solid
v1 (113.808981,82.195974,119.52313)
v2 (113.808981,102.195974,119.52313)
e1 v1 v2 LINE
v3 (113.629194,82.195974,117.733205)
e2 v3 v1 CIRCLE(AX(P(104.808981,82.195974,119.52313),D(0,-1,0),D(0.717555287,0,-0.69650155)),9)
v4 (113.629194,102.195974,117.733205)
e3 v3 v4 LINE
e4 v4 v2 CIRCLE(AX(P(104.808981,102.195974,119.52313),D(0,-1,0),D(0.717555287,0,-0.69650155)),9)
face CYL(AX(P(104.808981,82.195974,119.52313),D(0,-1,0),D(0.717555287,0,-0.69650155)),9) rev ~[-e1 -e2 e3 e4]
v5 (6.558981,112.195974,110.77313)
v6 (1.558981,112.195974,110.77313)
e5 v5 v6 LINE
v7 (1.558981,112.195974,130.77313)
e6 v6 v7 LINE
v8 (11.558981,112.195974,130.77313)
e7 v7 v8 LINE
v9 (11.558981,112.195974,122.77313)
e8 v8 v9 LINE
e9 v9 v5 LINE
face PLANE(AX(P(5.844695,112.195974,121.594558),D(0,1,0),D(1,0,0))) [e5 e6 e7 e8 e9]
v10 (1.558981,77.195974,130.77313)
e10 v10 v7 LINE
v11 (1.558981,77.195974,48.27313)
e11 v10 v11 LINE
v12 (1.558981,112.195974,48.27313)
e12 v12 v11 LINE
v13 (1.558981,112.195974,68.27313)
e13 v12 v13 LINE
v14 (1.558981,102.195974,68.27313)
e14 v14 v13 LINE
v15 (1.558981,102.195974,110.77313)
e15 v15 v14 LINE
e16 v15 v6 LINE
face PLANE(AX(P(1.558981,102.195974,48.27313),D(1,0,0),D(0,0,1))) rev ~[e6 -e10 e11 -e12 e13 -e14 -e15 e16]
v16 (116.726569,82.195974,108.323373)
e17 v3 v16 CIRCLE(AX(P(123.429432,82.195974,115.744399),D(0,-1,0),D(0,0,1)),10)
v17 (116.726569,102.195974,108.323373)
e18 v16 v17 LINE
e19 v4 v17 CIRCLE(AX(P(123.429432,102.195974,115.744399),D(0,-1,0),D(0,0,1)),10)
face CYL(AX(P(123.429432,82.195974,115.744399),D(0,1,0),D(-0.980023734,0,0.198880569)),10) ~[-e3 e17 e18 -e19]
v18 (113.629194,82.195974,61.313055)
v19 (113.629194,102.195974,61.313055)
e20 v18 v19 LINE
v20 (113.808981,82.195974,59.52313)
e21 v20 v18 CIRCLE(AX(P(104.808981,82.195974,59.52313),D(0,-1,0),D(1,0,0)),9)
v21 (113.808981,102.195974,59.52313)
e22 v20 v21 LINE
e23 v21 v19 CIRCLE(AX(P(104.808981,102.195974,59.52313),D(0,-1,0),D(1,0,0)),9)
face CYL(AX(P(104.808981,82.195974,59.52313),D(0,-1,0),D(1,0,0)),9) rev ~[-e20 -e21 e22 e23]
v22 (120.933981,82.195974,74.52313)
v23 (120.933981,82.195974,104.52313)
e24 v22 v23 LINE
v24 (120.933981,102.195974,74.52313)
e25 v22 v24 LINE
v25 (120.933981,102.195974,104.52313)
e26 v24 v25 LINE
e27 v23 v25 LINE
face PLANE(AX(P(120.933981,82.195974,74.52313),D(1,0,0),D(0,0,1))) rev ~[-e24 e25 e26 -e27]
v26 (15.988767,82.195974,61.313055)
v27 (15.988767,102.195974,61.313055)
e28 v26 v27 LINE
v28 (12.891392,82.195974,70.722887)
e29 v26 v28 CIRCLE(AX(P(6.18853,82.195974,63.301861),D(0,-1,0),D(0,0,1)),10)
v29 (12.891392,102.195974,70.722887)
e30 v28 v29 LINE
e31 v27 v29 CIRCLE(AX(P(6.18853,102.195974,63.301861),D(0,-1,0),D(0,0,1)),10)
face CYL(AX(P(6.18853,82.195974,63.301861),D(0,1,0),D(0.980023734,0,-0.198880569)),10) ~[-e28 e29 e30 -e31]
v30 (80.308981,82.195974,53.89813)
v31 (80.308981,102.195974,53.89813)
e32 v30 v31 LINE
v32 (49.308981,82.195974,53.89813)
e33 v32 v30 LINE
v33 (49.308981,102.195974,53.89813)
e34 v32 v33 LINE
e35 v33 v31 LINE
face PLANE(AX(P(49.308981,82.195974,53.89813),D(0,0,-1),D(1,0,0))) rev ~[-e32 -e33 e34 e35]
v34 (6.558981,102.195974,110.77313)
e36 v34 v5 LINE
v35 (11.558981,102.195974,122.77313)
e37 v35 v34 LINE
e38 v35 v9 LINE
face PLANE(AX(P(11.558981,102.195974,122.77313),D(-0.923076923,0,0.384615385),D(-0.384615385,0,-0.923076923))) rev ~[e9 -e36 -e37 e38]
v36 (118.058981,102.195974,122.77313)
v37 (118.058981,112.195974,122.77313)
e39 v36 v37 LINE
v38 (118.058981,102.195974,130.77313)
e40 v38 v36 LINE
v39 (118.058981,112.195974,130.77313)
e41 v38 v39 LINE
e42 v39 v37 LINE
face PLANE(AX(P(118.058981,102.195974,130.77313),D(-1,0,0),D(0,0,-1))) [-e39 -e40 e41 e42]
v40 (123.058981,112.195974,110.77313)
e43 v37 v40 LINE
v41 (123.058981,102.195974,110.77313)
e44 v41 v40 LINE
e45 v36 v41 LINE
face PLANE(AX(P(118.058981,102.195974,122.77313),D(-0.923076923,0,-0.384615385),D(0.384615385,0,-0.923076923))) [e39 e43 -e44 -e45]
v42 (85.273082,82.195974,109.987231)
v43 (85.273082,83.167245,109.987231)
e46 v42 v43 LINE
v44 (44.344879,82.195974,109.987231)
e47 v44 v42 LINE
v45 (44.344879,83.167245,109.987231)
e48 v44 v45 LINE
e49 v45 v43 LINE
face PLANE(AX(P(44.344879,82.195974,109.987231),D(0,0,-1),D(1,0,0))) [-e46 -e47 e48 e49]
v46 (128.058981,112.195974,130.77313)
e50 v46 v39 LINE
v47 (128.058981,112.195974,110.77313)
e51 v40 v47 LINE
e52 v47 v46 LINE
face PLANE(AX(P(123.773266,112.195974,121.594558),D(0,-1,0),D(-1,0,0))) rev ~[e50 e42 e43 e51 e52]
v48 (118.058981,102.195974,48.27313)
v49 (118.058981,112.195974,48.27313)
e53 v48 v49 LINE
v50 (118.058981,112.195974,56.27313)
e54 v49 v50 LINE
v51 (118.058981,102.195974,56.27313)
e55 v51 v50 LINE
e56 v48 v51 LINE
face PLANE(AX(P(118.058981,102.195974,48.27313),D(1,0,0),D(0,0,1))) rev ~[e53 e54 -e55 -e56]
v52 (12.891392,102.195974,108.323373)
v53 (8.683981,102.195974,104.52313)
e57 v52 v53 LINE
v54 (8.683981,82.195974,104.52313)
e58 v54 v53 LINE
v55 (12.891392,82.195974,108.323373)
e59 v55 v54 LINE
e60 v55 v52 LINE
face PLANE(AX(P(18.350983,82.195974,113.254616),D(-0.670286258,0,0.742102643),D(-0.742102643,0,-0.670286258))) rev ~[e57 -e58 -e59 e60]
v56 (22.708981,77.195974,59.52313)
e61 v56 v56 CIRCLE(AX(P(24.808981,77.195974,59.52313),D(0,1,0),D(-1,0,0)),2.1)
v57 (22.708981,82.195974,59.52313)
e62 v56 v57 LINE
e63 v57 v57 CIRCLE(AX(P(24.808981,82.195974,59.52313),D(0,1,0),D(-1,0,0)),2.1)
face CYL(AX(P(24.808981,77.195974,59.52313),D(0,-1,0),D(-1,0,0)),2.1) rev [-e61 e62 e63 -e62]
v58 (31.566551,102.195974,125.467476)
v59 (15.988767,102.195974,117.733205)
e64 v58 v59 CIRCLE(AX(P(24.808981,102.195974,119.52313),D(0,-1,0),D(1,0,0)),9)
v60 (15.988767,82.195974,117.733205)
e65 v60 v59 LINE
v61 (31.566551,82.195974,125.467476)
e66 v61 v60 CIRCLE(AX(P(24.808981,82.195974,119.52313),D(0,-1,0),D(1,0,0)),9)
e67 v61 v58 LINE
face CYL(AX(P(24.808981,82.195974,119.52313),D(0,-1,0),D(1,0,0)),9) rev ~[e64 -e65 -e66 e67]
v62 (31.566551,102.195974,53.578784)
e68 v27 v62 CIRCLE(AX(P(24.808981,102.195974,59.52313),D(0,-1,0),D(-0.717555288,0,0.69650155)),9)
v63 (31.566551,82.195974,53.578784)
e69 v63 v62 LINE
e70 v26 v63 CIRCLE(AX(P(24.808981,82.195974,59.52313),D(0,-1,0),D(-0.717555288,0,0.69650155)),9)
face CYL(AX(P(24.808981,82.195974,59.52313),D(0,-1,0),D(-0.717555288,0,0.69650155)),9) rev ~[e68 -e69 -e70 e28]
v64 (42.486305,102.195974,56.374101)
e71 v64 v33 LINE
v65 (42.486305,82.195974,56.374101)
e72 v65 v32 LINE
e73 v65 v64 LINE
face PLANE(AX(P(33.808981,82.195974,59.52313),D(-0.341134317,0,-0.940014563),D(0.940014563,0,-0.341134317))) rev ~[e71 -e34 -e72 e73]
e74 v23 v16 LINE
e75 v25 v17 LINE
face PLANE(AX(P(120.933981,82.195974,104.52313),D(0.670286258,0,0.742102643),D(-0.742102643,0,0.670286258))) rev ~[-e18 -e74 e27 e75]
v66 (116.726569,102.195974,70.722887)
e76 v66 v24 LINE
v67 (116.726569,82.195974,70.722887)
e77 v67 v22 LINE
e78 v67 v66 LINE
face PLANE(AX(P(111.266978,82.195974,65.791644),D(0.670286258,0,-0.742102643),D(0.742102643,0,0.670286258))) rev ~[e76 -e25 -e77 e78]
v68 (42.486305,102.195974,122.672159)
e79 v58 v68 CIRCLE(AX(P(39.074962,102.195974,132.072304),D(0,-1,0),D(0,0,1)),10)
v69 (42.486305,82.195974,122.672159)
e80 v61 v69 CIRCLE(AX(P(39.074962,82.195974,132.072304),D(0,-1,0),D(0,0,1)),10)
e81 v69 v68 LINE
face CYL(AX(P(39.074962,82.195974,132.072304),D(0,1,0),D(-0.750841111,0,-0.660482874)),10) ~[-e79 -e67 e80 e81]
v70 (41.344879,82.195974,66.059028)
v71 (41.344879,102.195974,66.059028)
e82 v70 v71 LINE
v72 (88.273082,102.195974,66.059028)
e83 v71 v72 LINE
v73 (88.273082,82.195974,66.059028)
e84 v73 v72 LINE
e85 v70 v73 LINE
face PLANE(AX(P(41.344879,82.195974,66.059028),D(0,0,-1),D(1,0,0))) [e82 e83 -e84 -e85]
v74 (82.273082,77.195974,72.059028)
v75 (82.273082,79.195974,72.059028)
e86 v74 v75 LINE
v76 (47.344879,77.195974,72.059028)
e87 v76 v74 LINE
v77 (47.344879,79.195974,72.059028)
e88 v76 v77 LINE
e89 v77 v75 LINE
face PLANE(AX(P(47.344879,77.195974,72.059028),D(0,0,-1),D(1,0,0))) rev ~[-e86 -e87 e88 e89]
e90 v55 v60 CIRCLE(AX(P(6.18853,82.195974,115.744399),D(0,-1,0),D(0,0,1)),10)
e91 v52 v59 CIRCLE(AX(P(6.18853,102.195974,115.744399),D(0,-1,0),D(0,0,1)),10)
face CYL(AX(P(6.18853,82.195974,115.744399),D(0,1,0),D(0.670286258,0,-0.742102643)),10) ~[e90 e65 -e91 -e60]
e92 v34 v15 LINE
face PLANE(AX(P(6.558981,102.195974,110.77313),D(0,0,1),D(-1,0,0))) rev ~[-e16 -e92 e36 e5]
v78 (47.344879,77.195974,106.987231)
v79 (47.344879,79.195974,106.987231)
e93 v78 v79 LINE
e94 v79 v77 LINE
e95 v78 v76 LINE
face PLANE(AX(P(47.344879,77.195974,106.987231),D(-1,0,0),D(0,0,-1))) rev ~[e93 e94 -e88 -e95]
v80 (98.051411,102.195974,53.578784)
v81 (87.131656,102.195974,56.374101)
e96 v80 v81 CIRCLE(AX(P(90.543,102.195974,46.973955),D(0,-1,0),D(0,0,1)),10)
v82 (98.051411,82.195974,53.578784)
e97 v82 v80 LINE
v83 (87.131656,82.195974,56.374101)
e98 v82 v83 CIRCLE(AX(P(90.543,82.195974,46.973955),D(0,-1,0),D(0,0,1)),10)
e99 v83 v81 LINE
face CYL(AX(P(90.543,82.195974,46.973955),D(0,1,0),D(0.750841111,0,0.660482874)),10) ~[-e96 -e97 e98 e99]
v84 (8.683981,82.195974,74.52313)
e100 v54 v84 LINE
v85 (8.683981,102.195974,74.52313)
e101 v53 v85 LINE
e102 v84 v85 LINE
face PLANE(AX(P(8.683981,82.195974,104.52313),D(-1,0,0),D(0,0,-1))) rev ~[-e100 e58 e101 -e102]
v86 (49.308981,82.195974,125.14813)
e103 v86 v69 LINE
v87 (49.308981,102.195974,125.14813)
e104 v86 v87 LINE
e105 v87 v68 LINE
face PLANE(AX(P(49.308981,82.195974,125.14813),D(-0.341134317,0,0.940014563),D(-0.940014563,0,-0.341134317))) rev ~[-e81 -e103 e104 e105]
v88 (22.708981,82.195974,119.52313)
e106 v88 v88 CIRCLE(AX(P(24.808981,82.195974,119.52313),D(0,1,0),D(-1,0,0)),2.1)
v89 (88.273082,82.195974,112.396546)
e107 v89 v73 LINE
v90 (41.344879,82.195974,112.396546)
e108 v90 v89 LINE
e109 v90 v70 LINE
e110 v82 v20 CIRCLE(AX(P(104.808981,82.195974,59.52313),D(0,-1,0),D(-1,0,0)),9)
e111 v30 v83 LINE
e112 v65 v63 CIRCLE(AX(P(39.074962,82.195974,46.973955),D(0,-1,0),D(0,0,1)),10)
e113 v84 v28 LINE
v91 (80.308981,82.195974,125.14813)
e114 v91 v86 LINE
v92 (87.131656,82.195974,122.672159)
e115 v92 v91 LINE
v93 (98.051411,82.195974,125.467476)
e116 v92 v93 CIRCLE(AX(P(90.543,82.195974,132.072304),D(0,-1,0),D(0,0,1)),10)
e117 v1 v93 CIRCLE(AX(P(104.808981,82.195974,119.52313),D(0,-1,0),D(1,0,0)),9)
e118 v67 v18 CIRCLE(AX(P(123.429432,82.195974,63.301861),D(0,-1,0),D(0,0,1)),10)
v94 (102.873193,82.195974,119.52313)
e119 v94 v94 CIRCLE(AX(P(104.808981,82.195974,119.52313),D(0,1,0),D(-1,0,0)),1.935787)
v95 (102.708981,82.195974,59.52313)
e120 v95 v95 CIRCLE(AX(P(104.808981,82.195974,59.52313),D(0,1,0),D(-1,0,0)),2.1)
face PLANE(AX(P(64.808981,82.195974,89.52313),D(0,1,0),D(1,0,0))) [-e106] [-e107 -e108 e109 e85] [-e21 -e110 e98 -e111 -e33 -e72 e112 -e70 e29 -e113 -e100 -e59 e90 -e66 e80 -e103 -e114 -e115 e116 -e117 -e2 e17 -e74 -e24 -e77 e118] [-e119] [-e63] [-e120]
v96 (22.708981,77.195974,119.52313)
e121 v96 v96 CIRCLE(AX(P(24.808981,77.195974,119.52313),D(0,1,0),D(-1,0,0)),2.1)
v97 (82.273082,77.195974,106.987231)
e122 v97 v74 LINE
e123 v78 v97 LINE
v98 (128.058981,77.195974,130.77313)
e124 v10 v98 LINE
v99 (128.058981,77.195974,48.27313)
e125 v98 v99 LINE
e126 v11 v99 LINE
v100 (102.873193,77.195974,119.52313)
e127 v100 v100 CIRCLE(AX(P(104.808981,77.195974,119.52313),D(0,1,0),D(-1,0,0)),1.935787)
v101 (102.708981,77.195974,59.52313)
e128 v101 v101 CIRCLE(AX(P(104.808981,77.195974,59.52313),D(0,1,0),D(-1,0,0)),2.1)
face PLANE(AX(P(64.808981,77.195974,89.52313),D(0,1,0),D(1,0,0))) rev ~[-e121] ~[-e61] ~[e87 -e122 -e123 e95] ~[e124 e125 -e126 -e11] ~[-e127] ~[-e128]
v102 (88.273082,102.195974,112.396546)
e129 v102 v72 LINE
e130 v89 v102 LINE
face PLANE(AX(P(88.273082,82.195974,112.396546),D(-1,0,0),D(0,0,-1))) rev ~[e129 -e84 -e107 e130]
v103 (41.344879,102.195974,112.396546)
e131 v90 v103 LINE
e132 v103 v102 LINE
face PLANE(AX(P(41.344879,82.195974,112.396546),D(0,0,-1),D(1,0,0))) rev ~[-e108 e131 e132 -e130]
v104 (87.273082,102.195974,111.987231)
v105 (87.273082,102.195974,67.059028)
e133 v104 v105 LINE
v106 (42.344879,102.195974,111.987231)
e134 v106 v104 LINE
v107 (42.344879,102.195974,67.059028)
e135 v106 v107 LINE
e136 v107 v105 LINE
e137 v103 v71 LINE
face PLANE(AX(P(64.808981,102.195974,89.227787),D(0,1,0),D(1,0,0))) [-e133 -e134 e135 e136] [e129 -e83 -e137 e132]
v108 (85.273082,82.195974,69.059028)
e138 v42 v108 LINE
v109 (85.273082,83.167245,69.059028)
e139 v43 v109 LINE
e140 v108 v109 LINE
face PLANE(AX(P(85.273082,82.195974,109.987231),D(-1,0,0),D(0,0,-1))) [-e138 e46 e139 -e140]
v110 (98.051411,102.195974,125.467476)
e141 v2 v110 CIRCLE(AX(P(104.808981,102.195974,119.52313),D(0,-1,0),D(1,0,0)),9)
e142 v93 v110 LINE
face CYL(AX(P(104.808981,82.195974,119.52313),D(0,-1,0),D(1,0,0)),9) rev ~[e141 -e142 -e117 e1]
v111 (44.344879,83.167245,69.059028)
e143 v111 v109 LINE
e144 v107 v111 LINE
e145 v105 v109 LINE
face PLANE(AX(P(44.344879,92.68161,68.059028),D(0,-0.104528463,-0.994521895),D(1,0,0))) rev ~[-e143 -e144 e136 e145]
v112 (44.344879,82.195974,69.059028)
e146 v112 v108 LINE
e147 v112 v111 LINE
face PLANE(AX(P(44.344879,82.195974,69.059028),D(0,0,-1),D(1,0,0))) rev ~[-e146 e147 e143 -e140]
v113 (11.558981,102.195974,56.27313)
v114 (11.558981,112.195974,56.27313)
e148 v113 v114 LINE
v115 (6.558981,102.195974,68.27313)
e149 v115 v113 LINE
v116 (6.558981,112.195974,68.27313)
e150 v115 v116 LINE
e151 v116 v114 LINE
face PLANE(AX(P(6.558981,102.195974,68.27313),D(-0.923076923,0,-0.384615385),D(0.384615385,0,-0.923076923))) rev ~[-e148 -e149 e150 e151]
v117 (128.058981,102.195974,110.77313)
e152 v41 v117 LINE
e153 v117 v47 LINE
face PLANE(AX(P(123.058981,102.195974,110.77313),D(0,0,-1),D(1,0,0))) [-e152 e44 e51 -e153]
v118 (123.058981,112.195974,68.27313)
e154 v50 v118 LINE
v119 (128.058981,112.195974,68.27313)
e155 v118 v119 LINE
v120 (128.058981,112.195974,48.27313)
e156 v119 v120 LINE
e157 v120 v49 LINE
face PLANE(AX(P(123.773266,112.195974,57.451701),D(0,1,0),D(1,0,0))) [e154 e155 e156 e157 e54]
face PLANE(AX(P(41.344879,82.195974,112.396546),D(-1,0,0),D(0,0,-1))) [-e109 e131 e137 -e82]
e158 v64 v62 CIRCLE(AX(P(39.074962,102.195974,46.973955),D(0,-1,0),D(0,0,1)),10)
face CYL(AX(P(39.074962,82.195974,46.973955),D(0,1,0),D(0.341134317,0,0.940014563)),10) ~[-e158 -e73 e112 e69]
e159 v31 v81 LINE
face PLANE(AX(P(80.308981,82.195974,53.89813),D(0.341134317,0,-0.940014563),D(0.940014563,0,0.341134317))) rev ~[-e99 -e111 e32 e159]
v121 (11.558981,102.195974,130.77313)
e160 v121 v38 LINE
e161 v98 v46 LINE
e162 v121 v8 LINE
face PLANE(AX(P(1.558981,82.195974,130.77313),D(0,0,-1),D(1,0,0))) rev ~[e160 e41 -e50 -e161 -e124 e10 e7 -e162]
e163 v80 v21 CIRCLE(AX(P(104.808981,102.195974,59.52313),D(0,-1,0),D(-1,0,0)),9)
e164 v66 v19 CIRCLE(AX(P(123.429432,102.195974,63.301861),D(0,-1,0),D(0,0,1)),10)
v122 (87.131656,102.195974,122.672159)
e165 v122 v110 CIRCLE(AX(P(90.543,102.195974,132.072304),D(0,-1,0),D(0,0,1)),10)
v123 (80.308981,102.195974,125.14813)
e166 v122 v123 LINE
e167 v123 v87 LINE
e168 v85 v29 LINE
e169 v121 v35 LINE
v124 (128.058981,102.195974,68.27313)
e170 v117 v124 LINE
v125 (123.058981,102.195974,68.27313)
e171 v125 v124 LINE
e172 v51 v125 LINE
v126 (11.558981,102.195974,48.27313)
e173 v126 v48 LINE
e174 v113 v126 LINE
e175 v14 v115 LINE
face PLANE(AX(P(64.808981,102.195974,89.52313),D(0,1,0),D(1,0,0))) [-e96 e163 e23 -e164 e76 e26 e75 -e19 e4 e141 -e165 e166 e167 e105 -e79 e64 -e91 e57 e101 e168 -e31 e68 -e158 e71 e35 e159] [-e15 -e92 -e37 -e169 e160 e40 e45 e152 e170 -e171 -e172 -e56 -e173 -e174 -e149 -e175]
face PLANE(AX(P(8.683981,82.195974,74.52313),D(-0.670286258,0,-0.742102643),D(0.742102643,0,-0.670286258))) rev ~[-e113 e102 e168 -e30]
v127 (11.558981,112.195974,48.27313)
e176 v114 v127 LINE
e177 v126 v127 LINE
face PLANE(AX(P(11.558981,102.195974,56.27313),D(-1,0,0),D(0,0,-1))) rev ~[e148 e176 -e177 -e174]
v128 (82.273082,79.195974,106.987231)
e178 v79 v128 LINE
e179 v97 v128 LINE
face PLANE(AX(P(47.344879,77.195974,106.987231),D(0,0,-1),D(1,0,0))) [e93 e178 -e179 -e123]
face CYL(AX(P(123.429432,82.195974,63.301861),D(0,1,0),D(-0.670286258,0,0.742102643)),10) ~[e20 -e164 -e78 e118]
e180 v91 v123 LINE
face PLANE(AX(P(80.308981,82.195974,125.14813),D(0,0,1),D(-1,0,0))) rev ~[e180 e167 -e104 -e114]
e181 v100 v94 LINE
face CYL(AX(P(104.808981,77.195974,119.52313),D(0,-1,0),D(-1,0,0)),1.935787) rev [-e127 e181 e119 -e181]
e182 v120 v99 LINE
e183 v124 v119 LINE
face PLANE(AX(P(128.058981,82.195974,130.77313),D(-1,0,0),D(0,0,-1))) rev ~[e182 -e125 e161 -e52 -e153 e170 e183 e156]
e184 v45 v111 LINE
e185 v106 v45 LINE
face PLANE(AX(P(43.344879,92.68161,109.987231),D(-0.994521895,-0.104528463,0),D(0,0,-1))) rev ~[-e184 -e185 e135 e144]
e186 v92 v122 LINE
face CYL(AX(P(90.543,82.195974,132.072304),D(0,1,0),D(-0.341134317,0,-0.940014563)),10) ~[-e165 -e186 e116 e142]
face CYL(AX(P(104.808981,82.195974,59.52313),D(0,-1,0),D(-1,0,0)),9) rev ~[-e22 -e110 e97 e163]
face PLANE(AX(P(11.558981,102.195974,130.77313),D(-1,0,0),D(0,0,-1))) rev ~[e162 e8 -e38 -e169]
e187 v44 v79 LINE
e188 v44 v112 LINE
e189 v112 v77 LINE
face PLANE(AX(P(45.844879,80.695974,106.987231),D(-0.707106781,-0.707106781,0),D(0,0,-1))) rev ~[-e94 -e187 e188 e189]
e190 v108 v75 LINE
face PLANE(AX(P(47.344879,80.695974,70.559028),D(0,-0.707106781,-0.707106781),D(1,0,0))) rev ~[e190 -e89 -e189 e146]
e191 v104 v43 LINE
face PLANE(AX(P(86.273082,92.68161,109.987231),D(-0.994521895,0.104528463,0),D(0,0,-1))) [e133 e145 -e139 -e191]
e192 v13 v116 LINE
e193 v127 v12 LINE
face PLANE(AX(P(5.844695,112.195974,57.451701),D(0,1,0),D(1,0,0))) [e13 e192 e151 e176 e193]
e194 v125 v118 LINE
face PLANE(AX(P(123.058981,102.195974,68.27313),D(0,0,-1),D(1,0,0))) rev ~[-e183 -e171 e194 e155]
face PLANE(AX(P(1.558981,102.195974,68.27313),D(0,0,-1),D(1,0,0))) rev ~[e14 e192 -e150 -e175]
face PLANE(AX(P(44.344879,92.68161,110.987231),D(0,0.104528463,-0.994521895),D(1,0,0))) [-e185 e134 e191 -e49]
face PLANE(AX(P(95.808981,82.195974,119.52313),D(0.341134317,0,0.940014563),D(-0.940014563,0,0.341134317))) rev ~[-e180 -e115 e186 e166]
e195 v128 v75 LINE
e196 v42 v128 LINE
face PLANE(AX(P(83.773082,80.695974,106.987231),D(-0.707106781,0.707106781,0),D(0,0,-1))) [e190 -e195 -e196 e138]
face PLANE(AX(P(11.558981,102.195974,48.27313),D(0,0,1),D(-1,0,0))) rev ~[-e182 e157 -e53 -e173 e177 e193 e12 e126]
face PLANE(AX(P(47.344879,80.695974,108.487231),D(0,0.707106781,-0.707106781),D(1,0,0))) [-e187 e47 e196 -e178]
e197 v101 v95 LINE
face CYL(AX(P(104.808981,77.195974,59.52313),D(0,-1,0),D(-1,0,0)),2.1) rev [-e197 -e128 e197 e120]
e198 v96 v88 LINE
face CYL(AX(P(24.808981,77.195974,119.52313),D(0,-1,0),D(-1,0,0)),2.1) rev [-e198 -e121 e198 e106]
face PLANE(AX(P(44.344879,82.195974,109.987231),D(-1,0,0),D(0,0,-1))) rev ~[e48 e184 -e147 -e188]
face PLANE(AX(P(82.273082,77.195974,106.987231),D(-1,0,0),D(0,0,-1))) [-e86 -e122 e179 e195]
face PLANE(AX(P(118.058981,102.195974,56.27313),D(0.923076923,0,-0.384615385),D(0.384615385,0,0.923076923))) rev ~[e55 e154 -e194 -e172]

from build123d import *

# Parameters (mm, degrees)
SKETCH_1_W      = 126.5
SKETCH_1_H      = 82.5
SKETCH_1_R      = 2.1
SKETCH_1_R_2    = 1.93578743
SKETCH_1_W_2    = 34.92820323
SKETCH_1_H_2    = 34.928203231
EXTRUDE_1_DEPTH = 5
SKETCH_2_W      = 126.5
SKETCH_2_H      = 82.5
EXTRUDE_2_DEPTH = 20
FILLET_1_R      = 10
CHAMFER_1_SIZE  = 3
SKETCH_3_W      = 46.92820323
SKETCH_3_H      = 46.337518094
SKETCH_3_W_2    = 40.92820323
SKETCH_3_H_2    = 40.928203231
EXTRUDE_3_DEPTH = 20
CHAMFER_2_SIZE  = 2
CHAMFER_2_SIZE2 = 19.028728908
EXTRUDE_4_DEPTH = 10


with BuildPart() as part:
    # Эскиз1 → Бобышка-Вытянуть1 (new body)
    with BuildSketch(Plane(origin=(0, 77.195974268, 0), x_dir=(1, 0, 0), z_dir=(0, 1, 0))):
        with Locations((64.808980694, -89.523129836)):
            Rectangle(SKETCH_1_W, SKETCH_1_H)
        with Locations(Location((24.808980694, -59.523129836, 0), (0, 0, 180))):
            Circle(SKETCH_1_R, mode=Mode.SUBTRACT)
        with Locations(Location((104.808980694, -59.523129836, 0), (0, 0, 180))):
            Circle(SKETCH_1_R, mode=Mode.SUBTRACT)
        with Locations(Location((104.808980694, -119.523129836, 0), (0, 0, 180))):
            Circle(SKETCH_1_R_2, mode=Mode.SUBTRACT)
        with Locations(Location((24.808980694, -119.523129836, 0), (0, 0, 180))):
            Circle(SKETCH_1_R, mode=Mode.SUBTRACT)
        with Locations((64.808980694, -89.523129837)):
            Rectangle(SKETCH_1_W_2, SKETCH_1_H_2, mode=Mode.SUBTRACT)
    extrude(amount=EXTRUDE_1_DEPTH)

    # Эскиз2 → Бобышка-Вытянуть2 (add)
    with BuildSketch(Plane(origin=(0, 82.195974268, 0), x_dir=(1, 0, 0), z_dir=(0, 1, 0))):
        with Locations((64.808980694, -89.523129836)):
            Rectangle(SKETCH_2_W, SKETCH_2_H)
        with BuildLine():
            ThreePointArc((18.350983106, -65.791643787), (21.426820016, -51.182806752), (33.808980694, -59.523129836))
            Line((33.808980694, -59.523129836), (49.308980694, -53.898129836))
            Line((49.308980694, -53.898129836), (80.308980694, -53.898129836))
            Line((80.308980694, -53.898129836), (95.808980694, -59.523129836))
            ThreePointArc((95.808980694, -59.523129836), (104.808980694, -50.523129836), (113.808980694, -59.523129836))
            ThreePointArc((113.808980694, -59.523129836), (113.149303778, -62.905290515), (111.266978282, -65.791643787))
            Line((111.266978282, -65.791643787), (120.933980694, -74.523129836))
            Line((120.933980694, -74.523129836), (120.933980694, -104.523129836))
            Line((120.933980694, -104.523129836), (111.266978282, -113.254615886))
            ThreePointArc((111.266978282, -113.254615886), (113.149303778, -116.140969158), (113.808980694, -119.523129836))
            ThreePointArc((113.808980694, -119.523129836), (104.808980694, -128.523129836), (95.808980694, -119.523129836))
            Line((95.808980694, -119.523129836), (80.308980694, -125.148129836))
            Line((80.308980694, -125.148129836), (49.308980694, -125.148129836))
            Line((49.308980694, -125.148129836), (33.808980694, -119.523129836))
            ThreePointArc((33.808980694, -119.523129836), (21.426820016, -127.86345292), (18.350983106, -113.254615886))
            Line((18.350983106, -113.254615886), (8.683980694, -104.523129836))
            Line((8.683980694, -104.523129836), (8.683980694, -74.523129836))
            Line((8.683980694, -74.523129836), (18.350983106, -65.791643787))
        make_face(mode=Mode.SUBTRACT)
    extrude(amount=EXTRUDE_2_DEPTH)

    # Скругление1
    fillet_1_edges = [part.edges().sort_by_distance(p)[0] for p in [
        (18.350983106, 92.195974268, 65.791643787),
        (33.808980694, 92.195974268, 59.523129836),
        (95.808980694, 92.195974268, 59.523129836),
        (111.266978282, 92.195974268, 65.791643787),
        (111.266978282, 92.195974268, 113.254615886),
        (95.808980694, 92.195974268, 119.523129836),
        (33.808980694, 92.195974268, 119.523129836),
        (18.350983106, 92.195974268, 113.254615886),
    ]]
    fillet(fillet_1_edges, radius=FILLET_1_R)

    # Фаска1
    chamfer_1_edges = [part.edges().sort_by_distance(p)[0] for p in [
        (64.808980694, 82.195974268, 72.059028221),
        (47.344879079, 82.195974268, 89.523129836),
        (64.808980694, 82.195974268, 106.987231452),
        (82.273082309, 82.195974268, 89.523129836),
    ]]
    chamfer(chamfer_1_edges, length=CHAMFER_1_SIZE)

    # Эскиз3 → Бобышка-Вытянуть3 (add)
    with BuildSketch(Plane(origin=(0, 82.195974268, 0), x_dir=(1, 0, 0), z_dir=(0, 1, 0))):
        with Locations((64.808980694, -89.227787268)):
            Rectangle(SKETCH_3_W, SKETCH_3_H)
        with Locations((64.808980694, -89.523129837)):
            Rectangle(SKETCH_3_W_2, SKETCH_3_H_2, mode=Mode.SUBTRACT)
    extrude(amount=EXTRUDE_3_DEPTH)

    # Фаска2
    chamfer_2_edges = [part.edges().sort_by_distance(p)[0] for p in [
        (64.808980694, 102.195974268, 69.059028221),
        (44.344879079, 102.195974268, 89.523129836),
        (64.808980694, 102.195974268, 109.987231452),
        (85.273082309, 102.195974268, 89.523129836),
    ]]
    chamfer_2_side = [part.faces().sort_by_distance(p)[0] for p in [
        (64.808980694, 102.195974268, 66.718529688),
    ]]
    chamfer(chamfer_2_edges, length=CHAMFER_2_SIZE, length2=CHAMFER_2_SIZE2, reference=chamfer_2_side[0])

    # Эскиз4 → Бобышка-Вытянуть4 (add)
    with BuildSketch(Plane(origin=(0, 102.195974268, 0), x_dir=(1, 0, 0), z_dir=(0, 1, 0))):
        Polygon((1.558980694, -48.273129836), (1.558980694, -68.273129836), (6.558980694, -68.273129836), (11.558980694, -56.273129836), (11.558980694, -48.273129836), align=None)
        Polygon((128.058980694, -48.273129836), (118.058980694, -48.273129836), (118.058980694, -56.273129836), (123.058980694, -68.273129836), (128.058980694, -68.273129836), align=None)
        Polygon((128.058980694, -130.773129836), (118.058980694, -130.773129836), (118.058980694, -122.773129836), (123.058980694, -110.773129836), (128.058980694, -110.773129836), align=None)
        Polygon((1.558980694, -130.773129836), (11.558980694, -130.773129836), (11.558980694, -122.773129836), (6.558980694, -110.773129836), (1.558980694, -110.773129836), align=None)
    extrude(amount=EXTRUDE_4_DEPTH)


solid = part.part
